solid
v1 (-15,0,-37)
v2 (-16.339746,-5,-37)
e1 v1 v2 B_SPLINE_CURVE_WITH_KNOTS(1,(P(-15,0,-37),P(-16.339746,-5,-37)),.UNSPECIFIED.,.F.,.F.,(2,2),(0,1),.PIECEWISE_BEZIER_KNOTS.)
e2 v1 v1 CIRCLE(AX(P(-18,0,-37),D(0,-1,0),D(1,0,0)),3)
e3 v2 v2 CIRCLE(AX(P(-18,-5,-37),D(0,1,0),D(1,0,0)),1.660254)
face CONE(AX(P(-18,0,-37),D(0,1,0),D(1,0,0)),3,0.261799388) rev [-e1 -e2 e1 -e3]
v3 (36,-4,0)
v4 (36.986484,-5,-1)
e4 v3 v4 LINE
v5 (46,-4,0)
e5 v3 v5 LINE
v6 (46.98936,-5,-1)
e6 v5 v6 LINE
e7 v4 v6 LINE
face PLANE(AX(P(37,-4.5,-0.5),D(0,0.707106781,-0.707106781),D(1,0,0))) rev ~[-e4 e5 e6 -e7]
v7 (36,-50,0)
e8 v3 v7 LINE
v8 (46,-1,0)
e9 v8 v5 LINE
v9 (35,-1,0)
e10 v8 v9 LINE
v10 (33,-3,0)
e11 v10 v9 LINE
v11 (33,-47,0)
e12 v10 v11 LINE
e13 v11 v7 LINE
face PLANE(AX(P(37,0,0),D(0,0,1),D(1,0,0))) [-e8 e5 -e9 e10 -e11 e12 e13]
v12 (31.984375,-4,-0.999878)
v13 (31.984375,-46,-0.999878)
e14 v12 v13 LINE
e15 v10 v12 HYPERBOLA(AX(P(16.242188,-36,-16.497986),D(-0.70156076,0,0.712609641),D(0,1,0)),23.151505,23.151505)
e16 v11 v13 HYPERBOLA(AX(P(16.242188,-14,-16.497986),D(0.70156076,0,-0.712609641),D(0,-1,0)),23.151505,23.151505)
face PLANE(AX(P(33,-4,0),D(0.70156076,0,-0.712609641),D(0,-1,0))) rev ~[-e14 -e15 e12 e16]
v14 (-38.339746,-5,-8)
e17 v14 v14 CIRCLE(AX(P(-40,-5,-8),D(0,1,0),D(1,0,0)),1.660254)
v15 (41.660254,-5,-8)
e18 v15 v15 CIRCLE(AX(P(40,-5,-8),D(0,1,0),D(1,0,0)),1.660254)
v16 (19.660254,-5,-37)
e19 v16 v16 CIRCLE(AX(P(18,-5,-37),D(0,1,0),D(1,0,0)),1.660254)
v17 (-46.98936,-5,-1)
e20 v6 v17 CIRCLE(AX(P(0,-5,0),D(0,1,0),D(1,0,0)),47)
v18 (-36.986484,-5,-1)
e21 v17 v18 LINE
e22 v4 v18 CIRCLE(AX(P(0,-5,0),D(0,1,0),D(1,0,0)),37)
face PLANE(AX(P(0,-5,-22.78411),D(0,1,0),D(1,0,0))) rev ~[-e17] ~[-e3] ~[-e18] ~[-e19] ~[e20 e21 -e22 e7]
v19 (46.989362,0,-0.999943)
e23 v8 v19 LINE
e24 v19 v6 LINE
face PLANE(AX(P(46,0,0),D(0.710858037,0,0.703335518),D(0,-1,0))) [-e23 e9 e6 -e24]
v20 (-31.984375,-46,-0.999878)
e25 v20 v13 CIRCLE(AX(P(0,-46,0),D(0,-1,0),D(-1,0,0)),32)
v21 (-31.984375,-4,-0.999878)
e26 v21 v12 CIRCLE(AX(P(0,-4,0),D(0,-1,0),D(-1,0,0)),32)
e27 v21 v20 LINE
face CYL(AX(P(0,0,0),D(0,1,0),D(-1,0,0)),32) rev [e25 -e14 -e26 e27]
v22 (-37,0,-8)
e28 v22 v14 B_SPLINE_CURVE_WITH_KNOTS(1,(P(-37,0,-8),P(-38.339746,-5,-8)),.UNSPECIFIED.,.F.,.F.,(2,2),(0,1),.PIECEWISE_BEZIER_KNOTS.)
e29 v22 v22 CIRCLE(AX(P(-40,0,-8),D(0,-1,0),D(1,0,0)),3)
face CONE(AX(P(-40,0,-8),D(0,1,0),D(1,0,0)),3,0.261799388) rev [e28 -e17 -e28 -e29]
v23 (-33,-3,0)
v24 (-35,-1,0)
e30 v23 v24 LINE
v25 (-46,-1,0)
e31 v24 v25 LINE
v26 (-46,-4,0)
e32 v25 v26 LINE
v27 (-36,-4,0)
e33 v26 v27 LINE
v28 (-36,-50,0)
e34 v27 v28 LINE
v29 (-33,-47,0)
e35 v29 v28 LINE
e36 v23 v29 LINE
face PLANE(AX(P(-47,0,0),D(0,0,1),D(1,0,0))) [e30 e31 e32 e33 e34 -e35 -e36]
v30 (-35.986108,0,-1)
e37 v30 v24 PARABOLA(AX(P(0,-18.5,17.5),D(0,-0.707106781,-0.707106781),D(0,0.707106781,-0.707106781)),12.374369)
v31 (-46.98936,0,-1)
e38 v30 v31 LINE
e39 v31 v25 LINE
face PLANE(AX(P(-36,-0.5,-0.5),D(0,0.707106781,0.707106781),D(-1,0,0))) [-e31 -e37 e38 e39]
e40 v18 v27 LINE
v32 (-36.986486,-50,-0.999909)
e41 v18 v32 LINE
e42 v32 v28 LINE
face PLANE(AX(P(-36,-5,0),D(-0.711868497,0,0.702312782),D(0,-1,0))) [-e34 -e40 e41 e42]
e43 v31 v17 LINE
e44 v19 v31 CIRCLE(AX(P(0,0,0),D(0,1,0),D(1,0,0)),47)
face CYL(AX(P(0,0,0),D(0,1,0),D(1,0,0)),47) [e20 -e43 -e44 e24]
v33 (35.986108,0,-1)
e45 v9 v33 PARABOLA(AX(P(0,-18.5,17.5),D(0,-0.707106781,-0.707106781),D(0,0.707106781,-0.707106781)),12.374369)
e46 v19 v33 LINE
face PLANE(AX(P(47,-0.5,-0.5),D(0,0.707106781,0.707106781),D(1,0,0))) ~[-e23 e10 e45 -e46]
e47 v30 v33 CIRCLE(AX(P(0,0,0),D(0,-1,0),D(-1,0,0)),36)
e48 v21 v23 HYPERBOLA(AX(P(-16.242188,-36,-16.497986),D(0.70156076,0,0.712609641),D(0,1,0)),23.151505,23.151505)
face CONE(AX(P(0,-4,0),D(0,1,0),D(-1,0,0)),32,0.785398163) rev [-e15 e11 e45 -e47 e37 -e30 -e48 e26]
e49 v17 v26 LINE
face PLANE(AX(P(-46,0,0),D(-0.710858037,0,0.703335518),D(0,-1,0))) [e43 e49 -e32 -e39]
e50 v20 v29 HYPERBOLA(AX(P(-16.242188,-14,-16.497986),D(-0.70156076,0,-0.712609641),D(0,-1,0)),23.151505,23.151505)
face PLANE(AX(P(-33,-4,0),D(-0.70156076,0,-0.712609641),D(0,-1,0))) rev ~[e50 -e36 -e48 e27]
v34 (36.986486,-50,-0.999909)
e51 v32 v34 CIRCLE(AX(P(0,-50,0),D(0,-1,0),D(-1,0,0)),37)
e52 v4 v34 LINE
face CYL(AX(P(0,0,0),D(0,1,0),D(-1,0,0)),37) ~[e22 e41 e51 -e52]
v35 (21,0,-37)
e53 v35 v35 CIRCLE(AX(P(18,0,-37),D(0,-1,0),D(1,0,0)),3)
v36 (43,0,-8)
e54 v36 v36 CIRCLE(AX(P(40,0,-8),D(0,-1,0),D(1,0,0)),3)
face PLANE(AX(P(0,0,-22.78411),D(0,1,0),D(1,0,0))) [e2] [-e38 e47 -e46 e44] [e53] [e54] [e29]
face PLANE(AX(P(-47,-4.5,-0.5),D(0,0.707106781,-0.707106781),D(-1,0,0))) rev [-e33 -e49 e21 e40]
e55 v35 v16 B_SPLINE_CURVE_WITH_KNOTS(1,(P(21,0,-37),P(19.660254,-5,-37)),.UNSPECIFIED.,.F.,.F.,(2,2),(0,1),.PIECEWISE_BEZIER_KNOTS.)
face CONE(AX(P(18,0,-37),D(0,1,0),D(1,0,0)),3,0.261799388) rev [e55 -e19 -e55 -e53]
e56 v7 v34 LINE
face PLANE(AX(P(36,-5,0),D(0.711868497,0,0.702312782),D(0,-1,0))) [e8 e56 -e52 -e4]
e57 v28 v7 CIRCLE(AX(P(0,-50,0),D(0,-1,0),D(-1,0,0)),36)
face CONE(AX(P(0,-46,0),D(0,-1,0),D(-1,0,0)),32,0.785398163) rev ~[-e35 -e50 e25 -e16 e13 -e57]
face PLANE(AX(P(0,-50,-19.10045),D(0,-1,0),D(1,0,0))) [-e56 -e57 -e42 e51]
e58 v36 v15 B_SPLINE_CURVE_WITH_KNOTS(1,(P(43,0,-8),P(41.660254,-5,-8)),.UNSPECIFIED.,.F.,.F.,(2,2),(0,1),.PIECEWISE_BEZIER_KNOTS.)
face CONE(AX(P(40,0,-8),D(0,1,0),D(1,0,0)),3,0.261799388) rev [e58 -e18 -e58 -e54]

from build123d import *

# Parameters (mm, degrees)
PAD_DEPTH       = 50
PAD001_DEPTH    = 5
SKETCH003_R     = 3
POCKET_DEPTH    = 5
POCKET_TAPER    = 15
CHAMFER_SIZE    = 4
CHAMFER001_SIZE = 4
CHAMFER002_SIZE = 1


with BuildPart() as part:
    # Sketch → Pad (new body)
    with BuildSketch(Plane.XZ):
        with BuildLine():
            ThreePointArc((-37, 0), (0, -37), (37, 0))
            Line((32, 0), (37, 0))
            ThreePointArc((-32, 0), (0, -32), (32, 0))
            Line((-37, 0), (-32, 0))
        make_face()
    extrude(amount=PAD_DEPTH)

    # Sketch002 (on Face5 of Pad) → Pad001 (join)
    with BuildSketch(Plane(origin=(0, 0, 0), x_dir=(1, 0, 0), z_dir=(0, 1, 0))):
        with BuildLine():
            ThreePointArc((47, 0), (0, 47), (-47, 0))
            Line((-47, 0), (-37, 0))
            ThreePointArc((37, 0), (0, 37), (-37, 0))
            Line((37, 0), (47, 0))
        make_face()
    extrude(amount=-PAD001_DEPTH)

    # Sketch003 (on Face8 of Pad001) → Pocket (cut)
    with BuildSketch(Plane(origin=(0, 0, 0), x_dir=(1, 0, 0), z_dir=(0, 1, 0))):
        with Locations((-40, 8)):
            Circle(SKETCH003_R)
        with Locations((-18, 37)):
            Circle(SKETCH003_R)
        with Locations((18, 37)):
            Circle(SKETCH003_R)
        with Locations((40, 8)):
            Circle(SKETCH003_R)
    extrude(amount=-POCKET_DEPTH, taper=POCKET_TAPER, mode=Mode.SUBTRACT)

    # Chamfer
    chamfer_edges = [part.edges().sort_by_distance(p)[0] for p in [
        (0, -50, -32),
    ]]
    chamfer(chamfer_edges, length=CHAMFER_SIZE)

    # Chamfer001
    chamfer001_edges = [part.edges().sort_by_distance(p)[0] for p in [
        (0, 0, -32),
    ]]
    chamfer(chamfer001_edges, length=CHAMFER001_SIZE)

    # Chamfer002
    chamfer002_edges = [part.edges().sort_by_distance(p)[0] for p in [
        (-42, -5, 0),
        (-41.5, 0, 0),
        (-47, -2.5, 0),
        (-37, -27.5, 0),
        (-32, -25, 0),
        (42, -5, 0),
        (47, -2.5, 0),
        (41.5, 0, 0),
        (37, -27.5, 0),
        (32, -25, 0),
    ]]
    chamfer(chamfer002_edges, length=CHAMFER002_SIZE)


solid = part.part
